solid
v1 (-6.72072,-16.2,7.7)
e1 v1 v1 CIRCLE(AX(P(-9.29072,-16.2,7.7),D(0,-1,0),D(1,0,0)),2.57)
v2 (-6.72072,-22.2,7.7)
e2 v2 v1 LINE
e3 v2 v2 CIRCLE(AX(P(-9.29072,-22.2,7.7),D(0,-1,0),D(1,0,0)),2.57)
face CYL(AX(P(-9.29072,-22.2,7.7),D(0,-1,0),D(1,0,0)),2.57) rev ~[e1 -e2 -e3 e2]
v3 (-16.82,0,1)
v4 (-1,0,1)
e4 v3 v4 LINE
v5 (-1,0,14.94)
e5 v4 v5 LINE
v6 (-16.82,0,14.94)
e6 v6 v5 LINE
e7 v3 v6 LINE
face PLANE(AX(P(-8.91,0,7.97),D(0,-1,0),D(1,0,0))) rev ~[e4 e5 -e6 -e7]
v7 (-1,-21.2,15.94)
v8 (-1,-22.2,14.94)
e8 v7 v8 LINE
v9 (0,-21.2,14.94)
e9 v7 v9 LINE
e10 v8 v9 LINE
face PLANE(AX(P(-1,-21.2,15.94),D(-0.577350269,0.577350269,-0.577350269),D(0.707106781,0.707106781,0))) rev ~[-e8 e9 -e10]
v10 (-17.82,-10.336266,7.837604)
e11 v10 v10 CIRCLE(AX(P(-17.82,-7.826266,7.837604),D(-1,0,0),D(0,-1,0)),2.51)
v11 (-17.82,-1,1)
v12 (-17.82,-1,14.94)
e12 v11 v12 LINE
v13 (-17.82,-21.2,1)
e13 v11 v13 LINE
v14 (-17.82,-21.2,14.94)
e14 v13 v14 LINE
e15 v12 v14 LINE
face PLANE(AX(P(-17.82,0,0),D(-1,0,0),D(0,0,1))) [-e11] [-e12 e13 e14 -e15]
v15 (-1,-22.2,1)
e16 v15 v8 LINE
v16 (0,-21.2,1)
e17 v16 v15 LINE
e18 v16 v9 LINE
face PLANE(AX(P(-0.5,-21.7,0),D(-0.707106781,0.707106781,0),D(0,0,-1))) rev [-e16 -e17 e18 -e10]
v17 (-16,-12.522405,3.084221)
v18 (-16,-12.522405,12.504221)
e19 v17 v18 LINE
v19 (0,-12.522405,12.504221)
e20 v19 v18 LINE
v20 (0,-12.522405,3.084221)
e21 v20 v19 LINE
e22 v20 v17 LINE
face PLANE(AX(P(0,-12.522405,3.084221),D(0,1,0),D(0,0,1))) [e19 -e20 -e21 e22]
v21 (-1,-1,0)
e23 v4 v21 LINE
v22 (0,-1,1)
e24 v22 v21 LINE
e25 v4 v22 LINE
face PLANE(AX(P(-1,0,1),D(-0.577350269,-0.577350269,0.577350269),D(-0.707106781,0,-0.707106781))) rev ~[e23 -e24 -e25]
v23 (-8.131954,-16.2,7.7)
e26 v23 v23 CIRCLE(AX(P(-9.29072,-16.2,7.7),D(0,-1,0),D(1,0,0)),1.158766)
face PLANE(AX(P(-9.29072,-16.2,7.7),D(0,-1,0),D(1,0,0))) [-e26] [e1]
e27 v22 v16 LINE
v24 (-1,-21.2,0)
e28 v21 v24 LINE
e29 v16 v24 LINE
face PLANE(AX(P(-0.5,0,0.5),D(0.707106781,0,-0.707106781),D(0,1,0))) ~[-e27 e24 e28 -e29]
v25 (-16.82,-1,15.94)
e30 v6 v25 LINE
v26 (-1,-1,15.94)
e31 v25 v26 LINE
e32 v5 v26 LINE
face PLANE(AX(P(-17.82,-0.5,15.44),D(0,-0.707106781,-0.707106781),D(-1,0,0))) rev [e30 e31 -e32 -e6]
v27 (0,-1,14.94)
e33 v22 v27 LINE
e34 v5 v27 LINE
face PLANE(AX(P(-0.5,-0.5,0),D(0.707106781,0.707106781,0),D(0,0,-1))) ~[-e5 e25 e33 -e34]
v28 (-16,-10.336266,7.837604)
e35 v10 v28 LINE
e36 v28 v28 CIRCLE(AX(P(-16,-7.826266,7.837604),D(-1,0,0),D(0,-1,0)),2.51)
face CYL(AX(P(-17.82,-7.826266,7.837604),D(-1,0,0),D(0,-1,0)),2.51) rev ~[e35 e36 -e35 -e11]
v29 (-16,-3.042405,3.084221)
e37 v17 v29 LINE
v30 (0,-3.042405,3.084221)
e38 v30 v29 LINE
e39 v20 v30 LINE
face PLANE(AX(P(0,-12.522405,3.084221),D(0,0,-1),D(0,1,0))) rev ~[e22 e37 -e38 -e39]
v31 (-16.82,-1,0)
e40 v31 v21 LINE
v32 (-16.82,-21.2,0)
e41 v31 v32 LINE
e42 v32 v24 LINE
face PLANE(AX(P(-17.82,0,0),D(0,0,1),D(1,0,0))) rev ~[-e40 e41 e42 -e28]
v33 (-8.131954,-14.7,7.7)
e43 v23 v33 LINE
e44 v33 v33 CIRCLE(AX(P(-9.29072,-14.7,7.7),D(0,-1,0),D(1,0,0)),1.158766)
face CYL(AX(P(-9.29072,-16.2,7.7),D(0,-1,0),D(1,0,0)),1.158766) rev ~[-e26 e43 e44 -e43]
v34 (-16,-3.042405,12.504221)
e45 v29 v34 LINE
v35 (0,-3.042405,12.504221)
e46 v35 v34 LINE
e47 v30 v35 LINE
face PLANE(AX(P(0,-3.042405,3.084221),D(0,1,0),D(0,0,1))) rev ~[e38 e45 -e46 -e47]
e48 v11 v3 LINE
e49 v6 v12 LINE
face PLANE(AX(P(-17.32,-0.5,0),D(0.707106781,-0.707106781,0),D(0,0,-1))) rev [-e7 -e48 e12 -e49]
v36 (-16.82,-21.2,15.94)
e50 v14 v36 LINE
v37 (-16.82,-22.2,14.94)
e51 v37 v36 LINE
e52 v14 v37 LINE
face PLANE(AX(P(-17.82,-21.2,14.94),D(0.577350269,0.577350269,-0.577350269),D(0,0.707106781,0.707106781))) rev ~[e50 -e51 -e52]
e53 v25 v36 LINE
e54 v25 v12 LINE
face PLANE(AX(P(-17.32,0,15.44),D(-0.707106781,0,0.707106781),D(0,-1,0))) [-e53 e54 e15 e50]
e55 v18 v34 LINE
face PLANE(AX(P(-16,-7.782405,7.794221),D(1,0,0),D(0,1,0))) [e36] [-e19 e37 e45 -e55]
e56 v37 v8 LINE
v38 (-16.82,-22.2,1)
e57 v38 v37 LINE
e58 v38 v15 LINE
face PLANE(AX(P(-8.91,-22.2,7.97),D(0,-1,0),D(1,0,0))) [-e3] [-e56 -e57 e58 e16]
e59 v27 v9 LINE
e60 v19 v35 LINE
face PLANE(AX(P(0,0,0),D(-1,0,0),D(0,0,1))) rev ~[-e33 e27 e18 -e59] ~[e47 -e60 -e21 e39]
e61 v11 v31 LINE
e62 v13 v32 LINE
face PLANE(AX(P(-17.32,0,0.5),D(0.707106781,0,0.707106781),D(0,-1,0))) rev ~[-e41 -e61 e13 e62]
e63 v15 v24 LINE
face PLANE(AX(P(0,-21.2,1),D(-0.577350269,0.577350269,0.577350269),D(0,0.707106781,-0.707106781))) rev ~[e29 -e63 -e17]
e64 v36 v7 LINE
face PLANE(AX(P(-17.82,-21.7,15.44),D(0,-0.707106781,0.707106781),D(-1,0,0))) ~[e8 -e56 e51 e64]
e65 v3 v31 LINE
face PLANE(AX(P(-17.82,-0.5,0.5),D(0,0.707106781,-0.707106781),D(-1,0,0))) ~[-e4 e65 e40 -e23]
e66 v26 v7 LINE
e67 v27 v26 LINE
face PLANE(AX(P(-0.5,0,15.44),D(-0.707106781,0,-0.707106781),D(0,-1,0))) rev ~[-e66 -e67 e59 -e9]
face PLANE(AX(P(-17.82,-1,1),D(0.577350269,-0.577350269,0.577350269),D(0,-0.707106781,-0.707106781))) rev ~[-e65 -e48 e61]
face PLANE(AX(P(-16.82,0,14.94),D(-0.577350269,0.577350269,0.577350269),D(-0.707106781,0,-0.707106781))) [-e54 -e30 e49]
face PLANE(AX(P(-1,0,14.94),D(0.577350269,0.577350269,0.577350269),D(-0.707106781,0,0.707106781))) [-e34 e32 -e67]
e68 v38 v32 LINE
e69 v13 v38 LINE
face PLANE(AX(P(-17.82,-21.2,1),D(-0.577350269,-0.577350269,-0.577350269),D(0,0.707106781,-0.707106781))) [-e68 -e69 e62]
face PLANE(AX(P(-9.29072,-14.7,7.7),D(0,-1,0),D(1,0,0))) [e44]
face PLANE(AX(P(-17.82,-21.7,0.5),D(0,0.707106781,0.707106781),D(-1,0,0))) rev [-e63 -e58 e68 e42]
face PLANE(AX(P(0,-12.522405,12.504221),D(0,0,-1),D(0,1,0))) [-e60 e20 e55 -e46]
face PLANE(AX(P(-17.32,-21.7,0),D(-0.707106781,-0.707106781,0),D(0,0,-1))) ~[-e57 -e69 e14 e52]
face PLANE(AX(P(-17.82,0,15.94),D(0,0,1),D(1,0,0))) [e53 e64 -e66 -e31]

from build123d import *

# Parameters (mm, degrees)
F0_W      = 17.82
F0_H      = 15.94
F1_DEPTH  = 22.2
F2_SIZE2  = 1
F2_SIZE   = 1
F3_W      = 9.48
F3_H      = 9.42
F4_DEPTH  = 16
F5_R      = 2.51
F6_DEPTH  = 25
F7_R      = 2.57
F8_DEPTH  = 6
F9_R      = 1.158766
F10_DEPTH = 1.5


with BuildPart() as f1:
    # F0 (on Front) → F1 (new body)
    with BuildSketch(Plane.XZ):
        with Locations((-8.91, 7.97)):
            Rectangle(F0_W, F0_H)
    extrude(amount=F1_DEPTH)

    # F2
    f2_edges = [f1.edges().sort_by_distance(p)[0] for p in [
        (-8.91, -22.2, 0),
        (0, -22.2, 7.97),
        (-8.91, -22.2, 15.94),
        (-17.82, -22.2, 7.97),
        (0, -11.1, 0),
        (0, -11.1, 15.94),
        (0, 0, 7.97),
        (-17.82, -11.1, 15.94),
        (-8.91, 0, 15.94),
        (-8.91, 0, 0),
        (-17.82, 0, 7.97),
        (-17.82, -11.1, 0),
    ]]
    chamfer(f2_edges, length=F2_SIZE, length2=F2_SIZE2)

    # F3 (on face) → F4 (cut)
    with BuildSketch(Plane.YZ):
        with Locations((-7.782405, 7.794221)):
            Rectangle(F3_W, F3_H)
    extrude(amount=-F4_DEPTH, mode=Mode.SUBTRACT)

    # F5 (on face) → F6 (cut)
    with BuildSketch(Plane(origin=(-17.82, 0, 0), x_dir=(0, -1, 0), z_dir=(-1, 0, 0))):
        with Locations((7.826266, 7.837604)):
            Circle(F5_R)
    extrude(amount=-F6_DEPTH, mode=Mode.SUBTRACT)

    # F7 (on face) → F8 (cut)
    with BuildSketch(Plane.XZ.offset(22.2)):
        with Locations((-9.29072, 7.7)):
            Circle(F7_R)
    extrude(amount=-F8_DEPTH, mode=Mode.SUBTRACT)

    # F9 (on face) → F10 (cut)
    with BuildSketch(Plane.XZ.offset(16.2)):
        with Locations((-9.29072, 7.7)):
            Circle(F9_R)
    extrude(amount=-F10_DEPTH, mode=Mode.SUBTRACT)


solid = f1.part
